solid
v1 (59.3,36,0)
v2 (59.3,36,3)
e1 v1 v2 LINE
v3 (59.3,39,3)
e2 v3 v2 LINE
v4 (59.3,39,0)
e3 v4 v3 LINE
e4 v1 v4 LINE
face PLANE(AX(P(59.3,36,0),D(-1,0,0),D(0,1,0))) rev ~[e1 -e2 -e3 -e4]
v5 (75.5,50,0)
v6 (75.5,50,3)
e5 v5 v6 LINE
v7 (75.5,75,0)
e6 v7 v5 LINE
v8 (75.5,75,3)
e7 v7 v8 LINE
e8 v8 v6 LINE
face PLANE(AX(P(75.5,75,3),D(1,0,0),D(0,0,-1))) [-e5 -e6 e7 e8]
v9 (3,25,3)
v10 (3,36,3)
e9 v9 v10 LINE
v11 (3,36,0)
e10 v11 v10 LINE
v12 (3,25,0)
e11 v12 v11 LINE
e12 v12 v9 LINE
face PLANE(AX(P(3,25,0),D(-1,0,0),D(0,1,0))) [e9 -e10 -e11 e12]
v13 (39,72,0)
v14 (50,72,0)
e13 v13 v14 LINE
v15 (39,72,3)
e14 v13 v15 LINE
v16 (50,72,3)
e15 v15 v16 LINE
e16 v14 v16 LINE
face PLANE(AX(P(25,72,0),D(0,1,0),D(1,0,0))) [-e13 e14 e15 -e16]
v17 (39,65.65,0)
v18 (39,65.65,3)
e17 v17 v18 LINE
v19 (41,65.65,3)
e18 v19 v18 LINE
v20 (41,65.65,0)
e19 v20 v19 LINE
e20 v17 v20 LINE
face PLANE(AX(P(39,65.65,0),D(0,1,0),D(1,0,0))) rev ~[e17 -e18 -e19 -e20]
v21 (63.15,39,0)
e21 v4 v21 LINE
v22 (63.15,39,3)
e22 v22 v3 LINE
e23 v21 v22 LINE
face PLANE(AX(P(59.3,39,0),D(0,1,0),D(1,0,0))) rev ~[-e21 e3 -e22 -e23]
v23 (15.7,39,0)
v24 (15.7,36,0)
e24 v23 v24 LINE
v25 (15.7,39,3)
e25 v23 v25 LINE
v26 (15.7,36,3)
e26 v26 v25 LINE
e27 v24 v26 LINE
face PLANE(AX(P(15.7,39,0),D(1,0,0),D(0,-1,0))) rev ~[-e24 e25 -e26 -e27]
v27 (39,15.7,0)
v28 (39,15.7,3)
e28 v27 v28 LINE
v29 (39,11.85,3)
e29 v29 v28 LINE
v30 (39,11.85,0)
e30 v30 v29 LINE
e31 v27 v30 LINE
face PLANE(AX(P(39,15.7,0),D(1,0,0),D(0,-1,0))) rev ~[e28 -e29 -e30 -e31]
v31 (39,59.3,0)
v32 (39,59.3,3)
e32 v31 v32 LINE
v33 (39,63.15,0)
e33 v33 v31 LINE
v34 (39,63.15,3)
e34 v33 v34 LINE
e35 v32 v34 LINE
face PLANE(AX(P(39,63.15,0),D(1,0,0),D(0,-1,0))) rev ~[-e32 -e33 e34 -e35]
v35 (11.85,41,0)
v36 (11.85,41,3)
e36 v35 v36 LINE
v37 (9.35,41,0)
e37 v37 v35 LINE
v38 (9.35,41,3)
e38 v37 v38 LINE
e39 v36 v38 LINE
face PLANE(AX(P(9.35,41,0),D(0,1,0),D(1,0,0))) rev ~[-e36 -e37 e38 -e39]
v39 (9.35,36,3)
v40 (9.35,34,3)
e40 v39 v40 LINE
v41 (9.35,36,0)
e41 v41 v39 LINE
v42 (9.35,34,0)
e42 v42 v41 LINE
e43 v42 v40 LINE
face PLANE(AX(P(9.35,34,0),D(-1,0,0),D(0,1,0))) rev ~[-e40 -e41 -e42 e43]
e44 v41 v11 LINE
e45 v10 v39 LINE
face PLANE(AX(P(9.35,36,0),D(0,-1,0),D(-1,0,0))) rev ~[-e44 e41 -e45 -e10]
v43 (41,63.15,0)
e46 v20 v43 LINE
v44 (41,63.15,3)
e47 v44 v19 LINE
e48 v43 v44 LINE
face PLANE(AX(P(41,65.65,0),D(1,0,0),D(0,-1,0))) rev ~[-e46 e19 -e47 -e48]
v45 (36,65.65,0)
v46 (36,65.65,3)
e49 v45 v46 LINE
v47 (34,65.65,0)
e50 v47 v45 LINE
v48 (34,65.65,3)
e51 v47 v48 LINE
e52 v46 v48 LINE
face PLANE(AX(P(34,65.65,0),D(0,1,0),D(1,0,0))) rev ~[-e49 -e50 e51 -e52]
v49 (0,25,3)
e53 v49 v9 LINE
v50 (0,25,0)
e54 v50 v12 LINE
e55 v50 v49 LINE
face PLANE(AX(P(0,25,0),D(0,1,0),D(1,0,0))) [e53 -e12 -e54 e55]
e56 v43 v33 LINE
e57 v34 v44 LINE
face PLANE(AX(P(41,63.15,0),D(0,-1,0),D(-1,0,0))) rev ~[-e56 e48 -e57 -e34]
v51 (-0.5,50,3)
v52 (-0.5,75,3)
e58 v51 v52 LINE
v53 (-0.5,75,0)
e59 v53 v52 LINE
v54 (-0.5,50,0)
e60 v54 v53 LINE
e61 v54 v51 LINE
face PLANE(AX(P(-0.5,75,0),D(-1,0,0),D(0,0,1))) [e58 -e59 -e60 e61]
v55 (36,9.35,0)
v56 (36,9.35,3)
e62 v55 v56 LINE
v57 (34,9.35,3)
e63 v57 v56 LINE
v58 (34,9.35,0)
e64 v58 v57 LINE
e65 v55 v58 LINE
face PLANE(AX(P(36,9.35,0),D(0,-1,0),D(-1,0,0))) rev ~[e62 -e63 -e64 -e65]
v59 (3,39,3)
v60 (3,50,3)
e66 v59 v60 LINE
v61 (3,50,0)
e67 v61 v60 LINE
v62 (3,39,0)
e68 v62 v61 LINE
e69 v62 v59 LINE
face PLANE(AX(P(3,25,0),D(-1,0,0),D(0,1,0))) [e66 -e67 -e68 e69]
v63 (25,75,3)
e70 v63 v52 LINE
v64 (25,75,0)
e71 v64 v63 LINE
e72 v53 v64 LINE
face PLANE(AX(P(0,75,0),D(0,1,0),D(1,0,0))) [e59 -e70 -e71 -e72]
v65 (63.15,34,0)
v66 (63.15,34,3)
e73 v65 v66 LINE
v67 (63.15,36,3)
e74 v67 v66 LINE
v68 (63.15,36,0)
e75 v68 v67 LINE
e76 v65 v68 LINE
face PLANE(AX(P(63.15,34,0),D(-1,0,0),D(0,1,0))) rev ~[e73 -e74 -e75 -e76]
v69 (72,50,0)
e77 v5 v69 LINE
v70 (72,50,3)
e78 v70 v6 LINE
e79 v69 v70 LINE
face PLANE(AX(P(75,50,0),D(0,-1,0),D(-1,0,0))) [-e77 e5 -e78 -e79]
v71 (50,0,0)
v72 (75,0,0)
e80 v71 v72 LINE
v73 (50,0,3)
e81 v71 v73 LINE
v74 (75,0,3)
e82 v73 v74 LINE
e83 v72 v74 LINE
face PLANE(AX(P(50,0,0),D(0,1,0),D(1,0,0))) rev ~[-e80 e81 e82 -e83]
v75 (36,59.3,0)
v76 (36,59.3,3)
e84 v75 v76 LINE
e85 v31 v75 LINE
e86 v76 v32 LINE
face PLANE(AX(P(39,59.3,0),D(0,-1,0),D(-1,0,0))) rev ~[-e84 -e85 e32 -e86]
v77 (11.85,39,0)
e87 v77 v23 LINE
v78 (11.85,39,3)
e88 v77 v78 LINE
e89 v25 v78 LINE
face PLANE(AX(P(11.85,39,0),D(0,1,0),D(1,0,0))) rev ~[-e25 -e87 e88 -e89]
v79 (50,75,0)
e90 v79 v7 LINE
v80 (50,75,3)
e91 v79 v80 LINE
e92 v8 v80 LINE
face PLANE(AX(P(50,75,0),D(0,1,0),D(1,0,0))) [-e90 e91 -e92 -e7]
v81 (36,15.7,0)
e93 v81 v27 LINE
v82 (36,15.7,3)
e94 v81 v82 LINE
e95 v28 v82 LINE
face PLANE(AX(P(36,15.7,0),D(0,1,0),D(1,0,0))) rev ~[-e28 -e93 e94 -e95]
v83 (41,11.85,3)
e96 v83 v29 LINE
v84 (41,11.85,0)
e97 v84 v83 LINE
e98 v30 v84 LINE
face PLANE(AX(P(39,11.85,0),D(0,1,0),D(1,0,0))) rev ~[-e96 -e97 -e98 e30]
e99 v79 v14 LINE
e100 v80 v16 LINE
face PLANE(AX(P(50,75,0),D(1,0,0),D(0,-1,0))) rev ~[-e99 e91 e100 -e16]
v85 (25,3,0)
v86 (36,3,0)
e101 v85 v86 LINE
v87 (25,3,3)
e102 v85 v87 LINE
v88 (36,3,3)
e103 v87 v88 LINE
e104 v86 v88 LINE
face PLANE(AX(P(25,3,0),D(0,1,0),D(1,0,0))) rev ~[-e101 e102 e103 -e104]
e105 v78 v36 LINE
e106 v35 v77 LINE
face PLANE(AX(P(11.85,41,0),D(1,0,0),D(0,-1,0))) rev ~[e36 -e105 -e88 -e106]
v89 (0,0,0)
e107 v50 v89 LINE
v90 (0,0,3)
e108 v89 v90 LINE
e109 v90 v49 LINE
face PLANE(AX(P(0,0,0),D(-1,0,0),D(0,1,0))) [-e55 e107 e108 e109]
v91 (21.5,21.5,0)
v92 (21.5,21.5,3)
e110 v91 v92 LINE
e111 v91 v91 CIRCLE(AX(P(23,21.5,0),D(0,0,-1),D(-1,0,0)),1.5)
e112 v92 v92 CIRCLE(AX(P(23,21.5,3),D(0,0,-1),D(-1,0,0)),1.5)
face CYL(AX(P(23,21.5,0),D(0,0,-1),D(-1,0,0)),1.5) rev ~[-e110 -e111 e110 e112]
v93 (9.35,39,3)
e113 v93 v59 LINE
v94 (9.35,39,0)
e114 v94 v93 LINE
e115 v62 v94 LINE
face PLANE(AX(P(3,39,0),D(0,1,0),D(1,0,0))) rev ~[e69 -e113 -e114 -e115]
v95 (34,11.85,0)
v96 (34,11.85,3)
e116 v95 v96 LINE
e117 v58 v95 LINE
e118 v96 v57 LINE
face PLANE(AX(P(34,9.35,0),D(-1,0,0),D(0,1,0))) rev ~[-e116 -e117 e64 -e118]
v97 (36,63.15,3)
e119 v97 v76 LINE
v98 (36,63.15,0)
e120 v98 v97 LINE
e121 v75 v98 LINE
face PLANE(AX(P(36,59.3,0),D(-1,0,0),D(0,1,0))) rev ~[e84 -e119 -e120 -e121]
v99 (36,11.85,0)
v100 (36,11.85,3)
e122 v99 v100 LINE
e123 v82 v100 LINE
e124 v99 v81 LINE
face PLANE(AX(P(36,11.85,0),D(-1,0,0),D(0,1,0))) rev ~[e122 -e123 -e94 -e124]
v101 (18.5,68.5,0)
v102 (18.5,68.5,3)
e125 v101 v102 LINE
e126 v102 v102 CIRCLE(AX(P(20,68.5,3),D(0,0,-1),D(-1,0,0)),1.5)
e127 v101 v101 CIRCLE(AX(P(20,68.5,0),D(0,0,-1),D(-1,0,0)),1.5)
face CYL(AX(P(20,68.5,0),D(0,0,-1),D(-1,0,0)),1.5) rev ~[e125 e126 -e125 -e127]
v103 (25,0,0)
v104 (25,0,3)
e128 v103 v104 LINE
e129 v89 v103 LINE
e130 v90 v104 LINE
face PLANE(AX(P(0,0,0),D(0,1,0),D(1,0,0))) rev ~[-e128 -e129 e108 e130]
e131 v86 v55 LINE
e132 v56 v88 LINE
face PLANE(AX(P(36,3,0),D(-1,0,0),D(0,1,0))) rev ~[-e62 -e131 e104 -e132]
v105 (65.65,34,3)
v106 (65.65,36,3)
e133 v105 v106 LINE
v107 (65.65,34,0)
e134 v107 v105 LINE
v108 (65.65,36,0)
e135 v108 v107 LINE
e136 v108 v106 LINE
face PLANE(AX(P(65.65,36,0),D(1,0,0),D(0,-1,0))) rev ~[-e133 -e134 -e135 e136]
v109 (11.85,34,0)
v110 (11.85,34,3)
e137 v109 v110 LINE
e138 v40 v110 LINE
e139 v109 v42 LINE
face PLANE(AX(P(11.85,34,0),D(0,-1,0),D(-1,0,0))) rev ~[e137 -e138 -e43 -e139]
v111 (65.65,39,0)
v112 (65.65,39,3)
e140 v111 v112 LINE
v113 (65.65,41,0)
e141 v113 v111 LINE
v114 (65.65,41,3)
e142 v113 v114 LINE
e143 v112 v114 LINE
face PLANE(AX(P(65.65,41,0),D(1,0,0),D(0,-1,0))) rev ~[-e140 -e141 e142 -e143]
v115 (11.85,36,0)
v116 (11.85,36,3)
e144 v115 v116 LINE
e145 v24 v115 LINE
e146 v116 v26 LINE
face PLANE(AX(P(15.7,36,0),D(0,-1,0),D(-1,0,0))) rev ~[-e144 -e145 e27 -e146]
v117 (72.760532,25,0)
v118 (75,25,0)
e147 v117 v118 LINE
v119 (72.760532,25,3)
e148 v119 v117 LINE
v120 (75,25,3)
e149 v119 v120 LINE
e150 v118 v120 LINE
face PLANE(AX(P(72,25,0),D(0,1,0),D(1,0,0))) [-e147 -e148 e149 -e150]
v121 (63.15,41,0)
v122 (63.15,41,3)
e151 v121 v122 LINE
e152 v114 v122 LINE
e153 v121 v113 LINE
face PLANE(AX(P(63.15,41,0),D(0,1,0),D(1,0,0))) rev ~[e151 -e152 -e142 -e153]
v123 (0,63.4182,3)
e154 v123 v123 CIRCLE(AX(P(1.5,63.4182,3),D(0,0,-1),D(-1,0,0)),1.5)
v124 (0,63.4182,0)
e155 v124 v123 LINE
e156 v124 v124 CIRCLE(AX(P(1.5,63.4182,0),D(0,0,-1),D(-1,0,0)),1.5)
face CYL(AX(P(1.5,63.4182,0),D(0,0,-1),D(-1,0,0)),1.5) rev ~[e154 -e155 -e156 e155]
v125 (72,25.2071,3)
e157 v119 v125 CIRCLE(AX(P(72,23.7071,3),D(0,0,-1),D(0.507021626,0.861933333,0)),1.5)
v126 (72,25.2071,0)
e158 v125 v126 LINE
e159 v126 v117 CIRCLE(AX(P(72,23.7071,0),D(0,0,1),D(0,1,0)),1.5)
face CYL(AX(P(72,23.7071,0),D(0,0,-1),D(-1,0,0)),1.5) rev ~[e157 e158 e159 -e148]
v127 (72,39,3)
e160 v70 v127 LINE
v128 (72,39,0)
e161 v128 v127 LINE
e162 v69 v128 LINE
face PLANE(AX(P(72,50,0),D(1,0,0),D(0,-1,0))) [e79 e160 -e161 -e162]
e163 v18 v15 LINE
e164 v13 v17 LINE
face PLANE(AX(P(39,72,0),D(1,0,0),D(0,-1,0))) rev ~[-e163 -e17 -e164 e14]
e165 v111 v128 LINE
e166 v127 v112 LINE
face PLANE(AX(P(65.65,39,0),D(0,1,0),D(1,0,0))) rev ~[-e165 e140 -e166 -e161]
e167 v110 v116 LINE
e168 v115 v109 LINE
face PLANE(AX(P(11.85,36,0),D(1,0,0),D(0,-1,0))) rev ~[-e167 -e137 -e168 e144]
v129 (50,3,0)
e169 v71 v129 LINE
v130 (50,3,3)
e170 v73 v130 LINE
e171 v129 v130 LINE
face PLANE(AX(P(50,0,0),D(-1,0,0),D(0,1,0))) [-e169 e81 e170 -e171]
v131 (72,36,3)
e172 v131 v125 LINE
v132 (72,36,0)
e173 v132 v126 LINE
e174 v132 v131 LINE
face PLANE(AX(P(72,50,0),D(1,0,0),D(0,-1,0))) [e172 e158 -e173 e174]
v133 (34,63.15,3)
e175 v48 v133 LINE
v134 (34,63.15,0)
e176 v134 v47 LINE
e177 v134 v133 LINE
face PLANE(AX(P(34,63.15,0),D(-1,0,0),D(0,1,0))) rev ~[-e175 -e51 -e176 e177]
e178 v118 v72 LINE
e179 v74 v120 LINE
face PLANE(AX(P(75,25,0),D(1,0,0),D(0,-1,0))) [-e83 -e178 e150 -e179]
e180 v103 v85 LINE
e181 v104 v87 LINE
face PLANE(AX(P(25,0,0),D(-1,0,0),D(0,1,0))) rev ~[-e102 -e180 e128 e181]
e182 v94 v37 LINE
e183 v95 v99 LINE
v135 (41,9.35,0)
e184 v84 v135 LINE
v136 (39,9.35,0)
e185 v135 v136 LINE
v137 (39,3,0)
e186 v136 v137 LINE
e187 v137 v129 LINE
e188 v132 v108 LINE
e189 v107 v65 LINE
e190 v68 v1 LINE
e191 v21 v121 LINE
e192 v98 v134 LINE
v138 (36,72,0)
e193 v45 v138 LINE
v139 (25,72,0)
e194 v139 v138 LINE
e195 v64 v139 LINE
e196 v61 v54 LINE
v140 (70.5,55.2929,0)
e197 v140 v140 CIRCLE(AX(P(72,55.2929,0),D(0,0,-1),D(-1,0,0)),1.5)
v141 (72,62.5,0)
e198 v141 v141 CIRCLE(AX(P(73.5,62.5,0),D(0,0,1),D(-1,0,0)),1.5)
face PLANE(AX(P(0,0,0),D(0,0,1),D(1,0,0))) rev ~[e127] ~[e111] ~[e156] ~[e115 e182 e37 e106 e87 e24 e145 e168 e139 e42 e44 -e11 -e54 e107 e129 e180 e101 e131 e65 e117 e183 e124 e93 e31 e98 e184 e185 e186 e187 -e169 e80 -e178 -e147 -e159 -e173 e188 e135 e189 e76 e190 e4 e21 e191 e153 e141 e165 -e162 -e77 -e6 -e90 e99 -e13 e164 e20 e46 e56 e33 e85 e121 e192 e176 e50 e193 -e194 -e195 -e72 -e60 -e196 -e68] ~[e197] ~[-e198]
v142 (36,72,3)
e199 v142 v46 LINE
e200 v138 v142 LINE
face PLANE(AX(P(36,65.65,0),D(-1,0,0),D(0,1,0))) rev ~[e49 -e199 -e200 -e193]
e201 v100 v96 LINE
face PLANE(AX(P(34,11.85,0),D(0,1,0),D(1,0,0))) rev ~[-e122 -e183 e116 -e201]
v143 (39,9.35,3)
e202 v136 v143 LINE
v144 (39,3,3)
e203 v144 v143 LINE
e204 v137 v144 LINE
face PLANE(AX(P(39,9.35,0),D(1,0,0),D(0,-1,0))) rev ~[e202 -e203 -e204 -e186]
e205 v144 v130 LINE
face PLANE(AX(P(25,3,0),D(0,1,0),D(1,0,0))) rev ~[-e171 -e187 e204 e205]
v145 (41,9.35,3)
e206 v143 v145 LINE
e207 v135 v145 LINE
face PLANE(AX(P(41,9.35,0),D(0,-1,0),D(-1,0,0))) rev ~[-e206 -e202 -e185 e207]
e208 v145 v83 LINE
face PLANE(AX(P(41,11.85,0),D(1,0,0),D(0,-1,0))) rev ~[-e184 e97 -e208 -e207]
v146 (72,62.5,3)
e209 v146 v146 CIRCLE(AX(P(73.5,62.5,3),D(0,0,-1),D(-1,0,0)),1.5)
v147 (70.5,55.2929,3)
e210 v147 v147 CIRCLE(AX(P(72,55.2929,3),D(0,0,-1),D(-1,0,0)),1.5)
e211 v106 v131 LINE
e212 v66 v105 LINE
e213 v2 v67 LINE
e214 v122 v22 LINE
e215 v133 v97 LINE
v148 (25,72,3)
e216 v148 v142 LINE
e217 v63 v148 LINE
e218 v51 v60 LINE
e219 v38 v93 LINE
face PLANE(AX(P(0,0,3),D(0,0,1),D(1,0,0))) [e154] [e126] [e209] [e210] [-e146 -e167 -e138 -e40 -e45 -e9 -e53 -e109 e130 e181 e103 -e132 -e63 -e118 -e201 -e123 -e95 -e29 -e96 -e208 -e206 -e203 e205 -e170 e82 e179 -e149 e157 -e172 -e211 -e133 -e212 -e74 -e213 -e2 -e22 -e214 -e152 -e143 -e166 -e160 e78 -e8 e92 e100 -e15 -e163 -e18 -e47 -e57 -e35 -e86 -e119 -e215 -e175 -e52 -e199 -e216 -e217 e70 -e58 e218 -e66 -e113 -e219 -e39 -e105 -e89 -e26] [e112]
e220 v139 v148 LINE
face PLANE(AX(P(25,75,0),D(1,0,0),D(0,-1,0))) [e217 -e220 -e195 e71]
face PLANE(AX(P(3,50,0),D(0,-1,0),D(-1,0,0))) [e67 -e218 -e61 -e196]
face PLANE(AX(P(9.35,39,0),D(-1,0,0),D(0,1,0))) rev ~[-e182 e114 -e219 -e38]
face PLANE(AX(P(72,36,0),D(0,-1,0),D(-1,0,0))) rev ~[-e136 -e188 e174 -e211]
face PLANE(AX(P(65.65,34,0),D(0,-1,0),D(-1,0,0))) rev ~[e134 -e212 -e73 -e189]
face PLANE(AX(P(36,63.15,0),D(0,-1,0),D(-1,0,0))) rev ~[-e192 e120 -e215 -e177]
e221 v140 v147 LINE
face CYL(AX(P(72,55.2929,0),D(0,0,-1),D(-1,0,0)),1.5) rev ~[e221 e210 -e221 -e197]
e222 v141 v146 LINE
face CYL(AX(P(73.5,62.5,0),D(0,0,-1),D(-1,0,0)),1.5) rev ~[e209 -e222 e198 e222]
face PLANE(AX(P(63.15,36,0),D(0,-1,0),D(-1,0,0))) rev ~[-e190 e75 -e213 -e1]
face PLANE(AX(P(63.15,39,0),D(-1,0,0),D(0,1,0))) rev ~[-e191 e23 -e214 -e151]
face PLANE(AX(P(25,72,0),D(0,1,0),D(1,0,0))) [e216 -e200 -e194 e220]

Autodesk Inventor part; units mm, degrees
ref_plane "YZ Plane" through (0, 0, 0) normal (1, 0, 0) x (0, 1, 0)
ref_plane "XZ Plane" through (0, 0, 0) normal (0, 1, 0) x (-1, 0, 0)
ref_plane "XY Plane" through (0, 0, 0) normal (0, 0, 1) x (1, 0, 0)
sketch "Sketch1" plane through (0, 0, 0) normal (0, 0, 1) x (1, 0, 0)
  line L0 (0, 0) -> (25, 0) projected
  line L1 (25, 0) -> (25, 3) projected
  line L2 (0, 3) -> (25, 3) projected
  line L3 (0, 0) -> (0, 3) projected
  line L4 (25, 0) -> (50, 0) projected
  line L5 (50, 0) -> (50, 3) projected
  line L6 (25, 3) -> (50, 3) projected
  line L7 (25, 0) -> (25, 3) projected
  line L8 (50, 0) -> (75, 0) projected
  line L9 (75, 0) -> (75, 3) projected
  line L10 (50, 3) -> (75, 3) projected
  line L11 (50, 0) -> (50, 3) projected
  line L12 (0, 0) -> (0, 75)
  line L13 (0, 75) -> (75, 75)
  line L14 (75, 75) -> (75, 0)
  line L15 (75, 0) -> (50, 0)
  line L16 (50, 3) -> (50, 0)
  line L17 (50, 3) -> (25, 3)
  line L18 (25, 3) -> (25, 0)
  line L19 (25, 0) -> (0, 0)
  line L20 (0, 0) -> (0, 25)
  line L21 (0, 25) -> (3, 25)
  line L22 (3, 25) -> (3, 50)
  line L23 (3, 50) -> (0, 50)
  line L24 (25, 75) -> (25, 72)
  line L25 (25, 72) -> (50, 72)
  line L26 (50, 75) -> (50, 72)
  line L27 (75, 50) -> (72, 50)
  line L28 (72, 50) -> (72, 25)
  line L29 (72, 25) -> (75, 25)
  dimension "d0" = 75
  dimension "d1" = 75
  dimension "d2" = 25
  dimension "d3" = 3
  dimension "d4" = 25
  dimension "d5" = 3
  dimension "d6" = 3
extrude "Extrusion1" add sketch "Sketch1" along normal blind 3 contours L3 L2 L1 L0 | L12 L21 L22 L23 L13 L24 L25 L26 L14 L27 L28 L29 L10 L6 L2 | L5 L10 L9 L8
sketch "Sketch2" plane through (0, 0, 0) normal (0, 0, -1) x (-1, 0, 0)
  circle A0 centre (-72, 55.2929) radius 1.5 projected
  circle A1 centre (-20, 68.5) radius 1.5 projected
  circle A2 centre (-23, 21.5) radius 1.5 projected
  circle A3 centre (-72, 23.7071) radius 1.5 projected
  point P0 (0, 0)
extrude "Extrusion2" cut sketch "Sketch2" against normal blind 25.4
sketch "Sketch3" plane through (0, 0, 0) normal (0, 0, -1) x (-1, 0, 0)
  line L0 (-50, 72) -> (-39, 72) projected
  line L1 (-25, 72) -> (-25, 75) projected
  line L2 (-25, 75) -> (0, 75) projected
  line L3 (0, 62.5) -> (0, 50) projected
  line L4 (0, 50) -> (-3, 50) projected
  line L5 (-3, 50) -> (-3, 39) projected
  line L6 (-3, 25) -> (0, 25) projected
  line L7 (0, 25) -> (0, 0) projected
  line L8 (0, 0) -> (-25, 0) projected
  line L9 (-25, 0) -> (-25, 3) projected
  line L10 (-25, 3) -> (-36, 3) projected
  line L11 (-50, 3) -> (-50, 0) projected
  line L12 (-50, 0) -> (-75, 0) projected
  line L13 (-75, 0) -> (-75, 25) projected
  line L14 (-75, 25) -> (-72, 25) projected
  line L15 (-72, 25) -> (-72, 36) projected
  line L16 (-72, 50) -> (-75, 50) projected
  line L17 (-75, 62.5) -> (-75, 75) projected
  line L18 (-75, 75) -> (-50, 75) projected
  line L19 (-50, 75) -> (-50, 72) projected
  circle A0 centre (-19, 19.65) radius 1.5 projected
  circle A1 centre (-19, 56.95) radius 1.5 projected
  circle A2 centre (-56.3, 56.95) radius 1.5 projected
  circle A3 centre (-56.3, 19.65) radius 1.5 projected
  line L20 (-39, 72) -> (-36, 72)
  line L21 (-3, 39) -> (-3, 36)
  line L22 (-3, 50) -> (-3, 25) projected
  line L23 (-39, 3) -> (-36, 3)
  line L24 (-25, 3) -> (-50, 3) projected
  line L25 (-72, 36) -> (-72, 39)
  line L26 (-72, 25.2071) -> (-72, 50) projected
  line L27 (-72, 39) -> (-72, 50) projected
  line L28 (-36, 72) -> (-25, 72) projected
  line L29 (-3, 36) -> (-3, 25) projected
  line L30 (-39, 3) -> (-50, 3) projected
  line L31 (-72, 36) -> (-65.65, 36) projected
  line L32 (-65.65, 36) -> (-65.65, 34) projected
  line L33 (-65.65, 34) -> (-63.15, 34) projected
  line L34 (-63.15, 34) -> (-63.15, 36) projected
  line L35 (-63.15, 36) -> (-59.3, 36) projected
  line L36 (-59.3, 36) -> (-59.3, 39) projected
  line L37 (-59.3, 39) -> (-63.15, 39) projected
  line L38 (-63.15, 39) -> (-63.15, 41) projected
  line L39 (-63.15, 41) -> (-65.65, 41) projected
  line L40 (-65.65, 41) -> (-65.65, 39) projected
  line L41 (-65.65, 39) -> (-72, 39) projected
  line L42 (-39, 72) -> (-39, 65.65) projected
  line L43 (-39, 65.65) -> (-41, 65.65) projected
  line L44 (-41, 65.65) -> (-41, 63.15) projected
  line L45 (-41, 63.15) -> (-39, 63.15) projected
  line L46 (-39, 63.15) -> (-39, 59.3) projected
  line L47 (-39, 59.3) -> (-36, 59.3) projected
  line L48 (-36, 59.3) -> (-36, 63.15) projected
  line L49 (-36, 63.15) -> (-34, 63.15) projected
  line L50 (-34, 63.15) -> (-34, 65.65) projected
  line L51 (-34, 65.65) -> (-36, 65.65) projected
  line L52 (-36, 65.65) -> (-36, 72) projected
  line L53 (-3, 39) -> (-9.35, 39) projected
  line L54 (-9.35, 39) -> (-9.35, 41) projected
  line L55 (-9.35, 41) -> (-11.85, 41) projected
  line L56 (-11.85, 41) -> (-11.85, 39) projected
  line L57 (-11.85, 39) -> (-15.7, 39) projected
  line L58 (-15.7, 39) -> (-15.7, 36) projected
  line L59 (-15.7, 36) -> (-11.85, 36) projected
  line L60 (-11.85, 36) -> (-11.85, 34) projected
  line L61 (-11.85, 34) -> (-9.35, 34) projected
  line L62 (-9.35, 34) -> (-9.35, 36) projected
  line L63 (-9.35, 36) -> (-3, 36) projected
  line L64 (-36, 3) -> (-36, 9.35) projected
  line L65 (-36, 9.35) -> (-34, 9.35) projected
  line L66 (-34, 9.35) -> (-34, 11.85) projected
  line L67 (-34, 11.85) -> (-36, 11.85) projected
  line L68 (-36, 11.85) -> (-36, 15.7) projected
  line L69 (-36, 15.7) -> (-39, 15.7) projected
  line L70 (-39, 15.7) -> (-39, 11.85) projected
  line L71 (-39, 11.85) -> (-41, 11.85) projected
  line L72 (-41, 11.85) -> (-41, 9.35) projected
  line L73 (-41, 9.35) -> (-39, 9.35) projected
  line L74 (-39, 9.35) -> (-39, 3) projected
  line L75 (-75, 50) -> (-75, 62.5) projected
  circle A4 centre (-73.5, 62.5) radius 1.5 projected
  line L76 (0, 75) -> (0, 62.5) projected
  circle A5 centre (-1.5, 62.5) radius 1.5 projected
extrude "Extrusion3" cut sketch "Sketch3" against normal blind 25.4 contours L20 L52 L51 L50 L49 L48 L47 L46 L45 L44 L43 L42 | L41 L40 L39 L38 L37 L36 L35 L34 L33 L32 L31 L25 | L21 L63 L62 L61 L60 L59 L58 L57 L56 L55 L54 L53 | L74 L73 L72 L71 L70 L69 L68 L67 L66 L65 L64 L23
sketch "Sketch4" plane through (0, 0, 0) normal (0, 0, -1) x (-1, 0, 0)
  line L0 (-75, 61) -> (-75, 64) projected
  line L1 (0, 65) -> (0, 61.8364) projected
  line L2 (-75, 62.5) -> (-73.5, 62.5)
  line L3 (0, 63.4182) -> (-1.5, 63.4182)
  circle A0 centre (-73.5, 62.5) radius 1.5
  circle A1 centre (-1.5, 63.4182) radius 1.5
  point P0 (0, 0)
  dimension "d13" = 1.5
  dimension "d14" = 1.5
  dimension "d15" = 3
extrude "Extrusion4" cut sketch "Sketch4" against normal blind 25.4
sketch "Sketch5" plane through (75, 75, 3) normal (1, 0, 0) x (0, 0, -1)
  line L0 (3, -12.5) -> (0, -12.5) projected
  line L1 (3, -12.5) -> (3, 0) projected
  line L2 (3, 0) -> (0, 0) projected
  line L3 (0, -12.5) -> (0, 0) projected
  line L4 (0, -25) -> (0, -12.5) projected
  line L5 (3, -25) -> (0, -25) projected
  line L6 (3, -25) -> (3, -12.5) projected
  point P0 (3, -75)
extrude "Extrusion5" add sketch "Sketch5" along normal blind 0.5
sketch "Sketch6" plane through (0, 75, 0) normal (-1, 0, 0) x (0, 0, 1)
  line L0 (0, -11.5818) -> (3, -11.5818) projected
  line L1 (3, 0) -> (3, -11.5818) projected
  line L2 (0, 0) -> (3, 0) projected
  line L3 (0, 0) -> (0, -11.5818) projected
  line L4 (0, -11.5818) -> (0, -25) projected
  line L5 (0, -25) -> (3, -25) projected
  line L6 (3, -11.5818) -> (3, -25) projected
  point P0 (0, -75)
extrude "Extrusion6" add sketch "Sketch6" along normal blind 0.5
properties part number "pared lateral"
